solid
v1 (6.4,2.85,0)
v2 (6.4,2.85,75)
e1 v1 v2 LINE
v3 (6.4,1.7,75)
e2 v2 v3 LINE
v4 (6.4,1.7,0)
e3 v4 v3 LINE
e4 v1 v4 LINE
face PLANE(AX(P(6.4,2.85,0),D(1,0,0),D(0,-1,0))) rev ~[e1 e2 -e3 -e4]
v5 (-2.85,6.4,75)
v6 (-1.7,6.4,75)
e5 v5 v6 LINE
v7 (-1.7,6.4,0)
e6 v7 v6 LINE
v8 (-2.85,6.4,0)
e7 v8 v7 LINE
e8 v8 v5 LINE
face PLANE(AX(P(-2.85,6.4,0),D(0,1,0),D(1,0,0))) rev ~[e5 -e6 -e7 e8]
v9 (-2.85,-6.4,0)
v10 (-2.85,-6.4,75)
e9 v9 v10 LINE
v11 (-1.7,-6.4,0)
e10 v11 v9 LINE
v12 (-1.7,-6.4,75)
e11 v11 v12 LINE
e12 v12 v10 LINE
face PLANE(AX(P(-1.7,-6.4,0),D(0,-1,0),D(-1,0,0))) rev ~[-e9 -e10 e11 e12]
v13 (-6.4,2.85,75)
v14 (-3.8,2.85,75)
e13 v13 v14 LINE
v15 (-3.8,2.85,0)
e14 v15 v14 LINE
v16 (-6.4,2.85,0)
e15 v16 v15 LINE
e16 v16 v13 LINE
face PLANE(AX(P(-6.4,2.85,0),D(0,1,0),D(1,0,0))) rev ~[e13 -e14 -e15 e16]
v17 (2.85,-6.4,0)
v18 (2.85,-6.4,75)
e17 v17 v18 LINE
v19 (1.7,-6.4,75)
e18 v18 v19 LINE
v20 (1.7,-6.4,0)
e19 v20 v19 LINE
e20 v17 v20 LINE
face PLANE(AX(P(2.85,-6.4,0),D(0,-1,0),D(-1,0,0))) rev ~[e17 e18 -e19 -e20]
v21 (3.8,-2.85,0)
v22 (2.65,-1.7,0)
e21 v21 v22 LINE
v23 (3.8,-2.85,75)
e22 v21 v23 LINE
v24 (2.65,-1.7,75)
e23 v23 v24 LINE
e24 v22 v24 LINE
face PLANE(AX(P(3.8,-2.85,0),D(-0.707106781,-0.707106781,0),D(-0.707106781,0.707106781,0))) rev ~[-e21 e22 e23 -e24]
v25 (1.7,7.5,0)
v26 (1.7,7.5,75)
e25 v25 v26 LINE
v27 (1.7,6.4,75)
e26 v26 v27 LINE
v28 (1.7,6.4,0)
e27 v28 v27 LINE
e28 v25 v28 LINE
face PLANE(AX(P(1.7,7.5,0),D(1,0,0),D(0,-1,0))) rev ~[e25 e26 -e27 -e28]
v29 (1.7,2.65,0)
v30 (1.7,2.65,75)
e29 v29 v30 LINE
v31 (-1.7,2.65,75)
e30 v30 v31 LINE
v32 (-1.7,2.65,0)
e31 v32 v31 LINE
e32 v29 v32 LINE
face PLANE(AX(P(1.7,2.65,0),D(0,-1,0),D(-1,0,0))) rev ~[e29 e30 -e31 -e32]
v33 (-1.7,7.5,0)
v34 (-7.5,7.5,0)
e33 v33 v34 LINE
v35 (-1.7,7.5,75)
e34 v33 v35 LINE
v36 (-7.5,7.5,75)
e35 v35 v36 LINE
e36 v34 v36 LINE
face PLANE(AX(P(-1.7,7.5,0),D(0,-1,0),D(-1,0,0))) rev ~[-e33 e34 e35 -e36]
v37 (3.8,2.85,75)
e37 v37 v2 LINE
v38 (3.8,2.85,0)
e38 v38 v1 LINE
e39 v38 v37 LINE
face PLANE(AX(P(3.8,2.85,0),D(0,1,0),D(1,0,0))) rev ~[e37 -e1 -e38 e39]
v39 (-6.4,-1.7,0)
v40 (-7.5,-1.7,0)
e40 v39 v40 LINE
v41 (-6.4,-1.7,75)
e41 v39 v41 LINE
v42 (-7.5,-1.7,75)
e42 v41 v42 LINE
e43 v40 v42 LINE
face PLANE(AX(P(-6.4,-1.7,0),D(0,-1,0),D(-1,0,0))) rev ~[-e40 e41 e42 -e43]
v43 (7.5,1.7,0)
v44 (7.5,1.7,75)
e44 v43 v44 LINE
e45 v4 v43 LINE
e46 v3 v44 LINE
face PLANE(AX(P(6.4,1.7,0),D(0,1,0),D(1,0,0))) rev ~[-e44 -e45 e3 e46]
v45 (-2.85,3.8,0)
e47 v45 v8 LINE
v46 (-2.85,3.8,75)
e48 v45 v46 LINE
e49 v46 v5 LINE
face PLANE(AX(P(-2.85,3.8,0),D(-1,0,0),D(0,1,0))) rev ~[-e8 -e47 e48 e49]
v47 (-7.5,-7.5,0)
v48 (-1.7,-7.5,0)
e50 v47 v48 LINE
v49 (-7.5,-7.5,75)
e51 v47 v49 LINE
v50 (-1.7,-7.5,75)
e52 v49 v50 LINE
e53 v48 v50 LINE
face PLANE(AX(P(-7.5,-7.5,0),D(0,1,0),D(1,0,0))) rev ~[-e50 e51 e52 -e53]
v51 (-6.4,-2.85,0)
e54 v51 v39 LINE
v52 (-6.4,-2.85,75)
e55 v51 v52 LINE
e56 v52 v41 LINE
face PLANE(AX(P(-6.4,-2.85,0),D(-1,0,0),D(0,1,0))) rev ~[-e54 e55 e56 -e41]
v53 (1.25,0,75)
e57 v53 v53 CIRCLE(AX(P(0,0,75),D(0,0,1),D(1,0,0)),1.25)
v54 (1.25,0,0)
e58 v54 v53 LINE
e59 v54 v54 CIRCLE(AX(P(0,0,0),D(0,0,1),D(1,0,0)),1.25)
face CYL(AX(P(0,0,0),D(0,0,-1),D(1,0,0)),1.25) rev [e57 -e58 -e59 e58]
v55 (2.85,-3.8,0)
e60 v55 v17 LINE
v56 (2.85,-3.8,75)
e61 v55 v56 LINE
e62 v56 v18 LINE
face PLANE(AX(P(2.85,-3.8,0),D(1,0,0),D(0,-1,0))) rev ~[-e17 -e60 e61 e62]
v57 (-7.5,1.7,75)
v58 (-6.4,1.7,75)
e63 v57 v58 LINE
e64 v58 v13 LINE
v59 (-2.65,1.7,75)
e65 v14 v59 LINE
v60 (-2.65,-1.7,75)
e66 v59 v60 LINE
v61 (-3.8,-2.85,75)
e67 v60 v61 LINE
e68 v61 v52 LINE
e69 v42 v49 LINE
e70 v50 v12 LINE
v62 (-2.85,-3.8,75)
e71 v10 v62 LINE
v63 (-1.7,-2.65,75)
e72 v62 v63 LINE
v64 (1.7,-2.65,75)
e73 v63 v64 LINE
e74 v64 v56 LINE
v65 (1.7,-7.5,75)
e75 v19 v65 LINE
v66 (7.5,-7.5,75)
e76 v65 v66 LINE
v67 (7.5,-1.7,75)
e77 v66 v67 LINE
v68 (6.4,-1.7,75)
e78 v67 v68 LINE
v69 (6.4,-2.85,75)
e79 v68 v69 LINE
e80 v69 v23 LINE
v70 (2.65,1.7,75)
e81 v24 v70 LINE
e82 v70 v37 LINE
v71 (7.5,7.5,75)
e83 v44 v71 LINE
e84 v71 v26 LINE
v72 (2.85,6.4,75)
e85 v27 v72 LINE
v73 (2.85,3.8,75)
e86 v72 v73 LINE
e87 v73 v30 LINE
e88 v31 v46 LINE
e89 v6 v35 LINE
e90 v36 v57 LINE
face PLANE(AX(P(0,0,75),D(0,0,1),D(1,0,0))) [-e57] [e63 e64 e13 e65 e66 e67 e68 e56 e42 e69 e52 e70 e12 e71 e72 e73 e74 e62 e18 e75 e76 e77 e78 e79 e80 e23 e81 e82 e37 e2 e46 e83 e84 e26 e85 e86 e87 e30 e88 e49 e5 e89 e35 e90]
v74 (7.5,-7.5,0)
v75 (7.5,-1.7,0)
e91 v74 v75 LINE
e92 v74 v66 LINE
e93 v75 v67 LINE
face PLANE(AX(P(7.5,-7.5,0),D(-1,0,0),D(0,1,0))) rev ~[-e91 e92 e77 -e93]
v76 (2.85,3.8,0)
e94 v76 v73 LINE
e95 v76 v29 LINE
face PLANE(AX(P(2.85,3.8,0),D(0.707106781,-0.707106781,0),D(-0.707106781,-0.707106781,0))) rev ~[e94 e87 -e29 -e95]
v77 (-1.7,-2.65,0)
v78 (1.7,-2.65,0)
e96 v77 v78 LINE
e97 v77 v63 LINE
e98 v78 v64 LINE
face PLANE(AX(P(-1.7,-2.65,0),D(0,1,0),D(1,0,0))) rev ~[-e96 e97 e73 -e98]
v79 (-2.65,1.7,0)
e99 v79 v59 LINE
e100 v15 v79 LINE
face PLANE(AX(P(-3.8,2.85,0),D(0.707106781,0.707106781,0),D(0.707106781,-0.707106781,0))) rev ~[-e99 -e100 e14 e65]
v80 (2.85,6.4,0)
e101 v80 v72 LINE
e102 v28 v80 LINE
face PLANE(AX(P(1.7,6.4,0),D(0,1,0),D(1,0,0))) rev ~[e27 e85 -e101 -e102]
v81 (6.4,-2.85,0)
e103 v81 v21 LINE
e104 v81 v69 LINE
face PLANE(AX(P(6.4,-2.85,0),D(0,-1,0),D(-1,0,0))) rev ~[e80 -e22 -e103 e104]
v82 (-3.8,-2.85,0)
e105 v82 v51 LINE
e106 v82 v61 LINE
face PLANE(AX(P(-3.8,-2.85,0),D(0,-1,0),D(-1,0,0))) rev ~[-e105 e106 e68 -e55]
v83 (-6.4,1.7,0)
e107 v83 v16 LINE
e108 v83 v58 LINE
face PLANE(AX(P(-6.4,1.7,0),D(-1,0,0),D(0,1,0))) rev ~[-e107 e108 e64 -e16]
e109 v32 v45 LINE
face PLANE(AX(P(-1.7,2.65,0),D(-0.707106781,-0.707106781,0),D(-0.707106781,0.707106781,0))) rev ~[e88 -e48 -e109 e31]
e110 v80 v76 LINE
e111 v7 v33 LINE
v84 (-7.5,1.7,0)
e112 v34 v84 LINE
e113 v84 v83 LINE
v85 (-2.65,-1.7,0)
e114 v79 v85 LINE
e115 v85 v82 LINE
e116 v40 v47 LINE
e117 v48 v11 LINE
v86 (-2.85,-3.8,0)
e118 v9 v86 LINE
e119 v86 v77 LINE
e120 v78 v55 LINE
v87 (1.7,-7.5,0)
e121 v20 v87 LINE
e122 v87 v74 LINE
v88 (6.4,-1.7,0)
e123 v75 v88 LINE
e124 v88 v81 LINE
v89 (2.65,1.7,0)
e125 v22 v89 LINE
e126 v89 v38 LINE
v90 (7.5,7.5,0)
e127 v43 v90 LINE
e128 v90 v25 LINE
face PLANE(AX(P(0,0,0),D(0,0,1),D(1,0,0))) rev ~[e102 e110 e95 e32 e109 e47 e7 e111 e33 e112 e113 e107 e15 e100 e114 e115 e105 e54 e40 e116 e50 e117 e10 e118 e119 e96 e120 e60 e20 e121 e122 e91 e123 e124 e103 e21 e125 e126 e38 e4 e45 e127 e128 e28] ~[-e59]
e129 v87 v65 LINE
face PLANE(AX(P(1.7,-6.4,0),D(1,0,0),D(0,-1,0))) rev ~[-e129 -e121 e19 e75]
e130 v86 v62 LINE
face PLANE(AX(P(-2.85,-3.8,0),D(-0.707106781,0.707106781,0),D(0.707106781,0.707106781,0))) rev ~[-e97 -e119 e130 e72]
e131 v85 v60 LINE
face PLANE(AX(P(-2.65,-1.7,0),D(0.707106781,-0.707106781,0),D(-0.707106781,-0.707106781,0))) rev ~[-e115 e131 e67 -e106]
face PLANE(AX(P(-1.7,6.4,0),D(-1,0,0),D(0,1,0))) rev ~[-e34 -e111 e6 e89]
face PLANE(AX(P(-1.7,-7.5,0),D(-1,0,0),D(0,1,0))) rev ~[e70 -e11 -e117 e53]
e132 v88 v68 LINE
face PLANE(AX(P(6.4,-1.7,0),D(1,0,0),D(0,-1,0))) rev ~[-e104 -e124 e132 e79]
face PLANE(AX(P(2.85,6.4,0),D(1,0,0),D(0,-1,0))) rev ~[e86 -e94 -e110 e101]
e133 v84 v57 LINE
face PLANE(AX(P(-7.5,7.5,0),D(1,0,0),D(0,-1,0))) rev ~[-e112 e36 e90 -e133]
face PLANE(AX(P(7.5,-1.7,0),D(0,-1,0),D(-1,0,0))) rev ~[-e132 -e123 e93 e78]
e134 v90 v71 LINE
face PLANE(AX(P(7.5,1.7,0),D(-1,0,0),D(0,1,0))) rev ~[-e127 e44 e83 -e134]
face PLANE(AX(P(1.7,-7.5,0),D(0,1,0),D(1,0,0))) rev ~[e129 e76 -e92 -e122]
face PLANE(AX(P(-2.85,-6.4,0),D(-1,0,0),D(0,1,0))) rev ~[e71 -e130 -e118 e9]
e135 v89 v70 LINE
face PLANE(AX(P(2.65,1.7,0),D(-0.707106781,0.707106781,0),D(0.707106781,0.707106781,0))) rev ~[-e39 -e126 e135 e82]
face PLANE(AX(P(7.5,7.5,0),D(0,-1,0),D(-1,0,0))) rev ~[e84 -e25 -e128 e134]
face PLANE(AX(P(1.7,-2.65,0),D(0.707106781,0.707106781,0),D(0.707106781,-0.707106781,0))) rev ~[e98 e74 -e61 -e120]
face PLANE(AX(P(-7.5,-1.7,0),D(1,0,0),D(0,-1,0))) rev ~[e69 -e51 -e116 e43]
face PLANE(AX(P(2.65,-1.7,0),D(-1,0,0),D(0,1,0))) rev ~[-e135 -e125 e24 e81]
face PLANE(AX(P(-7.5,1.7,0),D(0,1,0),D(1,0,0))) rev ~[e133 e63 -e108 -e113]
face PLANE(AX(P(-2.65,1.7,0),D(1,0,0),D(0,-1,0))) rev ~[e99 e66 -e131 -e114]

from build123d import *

# Parameters (mm, degrees)
SKETCH_2_R      = 1.25
EXTRUDE_1_DEPTH = 75


with BuildPart() as part:
    # ｽｹｯﾁ2 → ﾎﾞｽ - 押し出し1 (new body)
    with BuildSketch(Plane.XY):
        Polygon((1.7, 2.65), (-1.7, 2.65), (-2.85, 3.8), (-2.85, 6.4), (-1.7, 6.4), (-1.7, 7.5), (-7.5, 7.5), (-7.5, 1.7), (-6.4, 1.7), (-6.4, 2.85), (-3.8, 2.85), (-2.65, 1.7), (-2.65, -1.7), (-3.8, -2.85), (-6.4, -2.85), (-6.4, -1.7), (-7.5, -1.7), (-7.5, -7.5), (-1.7, -7.5), (-1.7, -6.4), (-2.85, -6.4), (-2.85, -3.8), (-1.7, -2.65), (1.7, -2.65), (2.85, -3.8), (2.85, -6.4), (1.7, -6.4), (1.7, -7.5), (7.5, -7.5), (7.5, -1.7), (6.4, -1.7), (6.4, -2.85), (3.8, -2.85), (2.65, -1.7), (2.65, 1.7), (3.8, 2.85), (6.4, 2.85), (6.4, 1.7), (7.5, 1.7), (7.5, 7.5), (1.7, 7.5), (1.7, 6.4), (2.85, 6.4), (2.85, 3.8), align=None)
        Circle(SKETCH_2_R, mode=Mode.SUBTRACT)
    extrude(amount=EXTRUDE_1_DEPTH)


solid = part.part
